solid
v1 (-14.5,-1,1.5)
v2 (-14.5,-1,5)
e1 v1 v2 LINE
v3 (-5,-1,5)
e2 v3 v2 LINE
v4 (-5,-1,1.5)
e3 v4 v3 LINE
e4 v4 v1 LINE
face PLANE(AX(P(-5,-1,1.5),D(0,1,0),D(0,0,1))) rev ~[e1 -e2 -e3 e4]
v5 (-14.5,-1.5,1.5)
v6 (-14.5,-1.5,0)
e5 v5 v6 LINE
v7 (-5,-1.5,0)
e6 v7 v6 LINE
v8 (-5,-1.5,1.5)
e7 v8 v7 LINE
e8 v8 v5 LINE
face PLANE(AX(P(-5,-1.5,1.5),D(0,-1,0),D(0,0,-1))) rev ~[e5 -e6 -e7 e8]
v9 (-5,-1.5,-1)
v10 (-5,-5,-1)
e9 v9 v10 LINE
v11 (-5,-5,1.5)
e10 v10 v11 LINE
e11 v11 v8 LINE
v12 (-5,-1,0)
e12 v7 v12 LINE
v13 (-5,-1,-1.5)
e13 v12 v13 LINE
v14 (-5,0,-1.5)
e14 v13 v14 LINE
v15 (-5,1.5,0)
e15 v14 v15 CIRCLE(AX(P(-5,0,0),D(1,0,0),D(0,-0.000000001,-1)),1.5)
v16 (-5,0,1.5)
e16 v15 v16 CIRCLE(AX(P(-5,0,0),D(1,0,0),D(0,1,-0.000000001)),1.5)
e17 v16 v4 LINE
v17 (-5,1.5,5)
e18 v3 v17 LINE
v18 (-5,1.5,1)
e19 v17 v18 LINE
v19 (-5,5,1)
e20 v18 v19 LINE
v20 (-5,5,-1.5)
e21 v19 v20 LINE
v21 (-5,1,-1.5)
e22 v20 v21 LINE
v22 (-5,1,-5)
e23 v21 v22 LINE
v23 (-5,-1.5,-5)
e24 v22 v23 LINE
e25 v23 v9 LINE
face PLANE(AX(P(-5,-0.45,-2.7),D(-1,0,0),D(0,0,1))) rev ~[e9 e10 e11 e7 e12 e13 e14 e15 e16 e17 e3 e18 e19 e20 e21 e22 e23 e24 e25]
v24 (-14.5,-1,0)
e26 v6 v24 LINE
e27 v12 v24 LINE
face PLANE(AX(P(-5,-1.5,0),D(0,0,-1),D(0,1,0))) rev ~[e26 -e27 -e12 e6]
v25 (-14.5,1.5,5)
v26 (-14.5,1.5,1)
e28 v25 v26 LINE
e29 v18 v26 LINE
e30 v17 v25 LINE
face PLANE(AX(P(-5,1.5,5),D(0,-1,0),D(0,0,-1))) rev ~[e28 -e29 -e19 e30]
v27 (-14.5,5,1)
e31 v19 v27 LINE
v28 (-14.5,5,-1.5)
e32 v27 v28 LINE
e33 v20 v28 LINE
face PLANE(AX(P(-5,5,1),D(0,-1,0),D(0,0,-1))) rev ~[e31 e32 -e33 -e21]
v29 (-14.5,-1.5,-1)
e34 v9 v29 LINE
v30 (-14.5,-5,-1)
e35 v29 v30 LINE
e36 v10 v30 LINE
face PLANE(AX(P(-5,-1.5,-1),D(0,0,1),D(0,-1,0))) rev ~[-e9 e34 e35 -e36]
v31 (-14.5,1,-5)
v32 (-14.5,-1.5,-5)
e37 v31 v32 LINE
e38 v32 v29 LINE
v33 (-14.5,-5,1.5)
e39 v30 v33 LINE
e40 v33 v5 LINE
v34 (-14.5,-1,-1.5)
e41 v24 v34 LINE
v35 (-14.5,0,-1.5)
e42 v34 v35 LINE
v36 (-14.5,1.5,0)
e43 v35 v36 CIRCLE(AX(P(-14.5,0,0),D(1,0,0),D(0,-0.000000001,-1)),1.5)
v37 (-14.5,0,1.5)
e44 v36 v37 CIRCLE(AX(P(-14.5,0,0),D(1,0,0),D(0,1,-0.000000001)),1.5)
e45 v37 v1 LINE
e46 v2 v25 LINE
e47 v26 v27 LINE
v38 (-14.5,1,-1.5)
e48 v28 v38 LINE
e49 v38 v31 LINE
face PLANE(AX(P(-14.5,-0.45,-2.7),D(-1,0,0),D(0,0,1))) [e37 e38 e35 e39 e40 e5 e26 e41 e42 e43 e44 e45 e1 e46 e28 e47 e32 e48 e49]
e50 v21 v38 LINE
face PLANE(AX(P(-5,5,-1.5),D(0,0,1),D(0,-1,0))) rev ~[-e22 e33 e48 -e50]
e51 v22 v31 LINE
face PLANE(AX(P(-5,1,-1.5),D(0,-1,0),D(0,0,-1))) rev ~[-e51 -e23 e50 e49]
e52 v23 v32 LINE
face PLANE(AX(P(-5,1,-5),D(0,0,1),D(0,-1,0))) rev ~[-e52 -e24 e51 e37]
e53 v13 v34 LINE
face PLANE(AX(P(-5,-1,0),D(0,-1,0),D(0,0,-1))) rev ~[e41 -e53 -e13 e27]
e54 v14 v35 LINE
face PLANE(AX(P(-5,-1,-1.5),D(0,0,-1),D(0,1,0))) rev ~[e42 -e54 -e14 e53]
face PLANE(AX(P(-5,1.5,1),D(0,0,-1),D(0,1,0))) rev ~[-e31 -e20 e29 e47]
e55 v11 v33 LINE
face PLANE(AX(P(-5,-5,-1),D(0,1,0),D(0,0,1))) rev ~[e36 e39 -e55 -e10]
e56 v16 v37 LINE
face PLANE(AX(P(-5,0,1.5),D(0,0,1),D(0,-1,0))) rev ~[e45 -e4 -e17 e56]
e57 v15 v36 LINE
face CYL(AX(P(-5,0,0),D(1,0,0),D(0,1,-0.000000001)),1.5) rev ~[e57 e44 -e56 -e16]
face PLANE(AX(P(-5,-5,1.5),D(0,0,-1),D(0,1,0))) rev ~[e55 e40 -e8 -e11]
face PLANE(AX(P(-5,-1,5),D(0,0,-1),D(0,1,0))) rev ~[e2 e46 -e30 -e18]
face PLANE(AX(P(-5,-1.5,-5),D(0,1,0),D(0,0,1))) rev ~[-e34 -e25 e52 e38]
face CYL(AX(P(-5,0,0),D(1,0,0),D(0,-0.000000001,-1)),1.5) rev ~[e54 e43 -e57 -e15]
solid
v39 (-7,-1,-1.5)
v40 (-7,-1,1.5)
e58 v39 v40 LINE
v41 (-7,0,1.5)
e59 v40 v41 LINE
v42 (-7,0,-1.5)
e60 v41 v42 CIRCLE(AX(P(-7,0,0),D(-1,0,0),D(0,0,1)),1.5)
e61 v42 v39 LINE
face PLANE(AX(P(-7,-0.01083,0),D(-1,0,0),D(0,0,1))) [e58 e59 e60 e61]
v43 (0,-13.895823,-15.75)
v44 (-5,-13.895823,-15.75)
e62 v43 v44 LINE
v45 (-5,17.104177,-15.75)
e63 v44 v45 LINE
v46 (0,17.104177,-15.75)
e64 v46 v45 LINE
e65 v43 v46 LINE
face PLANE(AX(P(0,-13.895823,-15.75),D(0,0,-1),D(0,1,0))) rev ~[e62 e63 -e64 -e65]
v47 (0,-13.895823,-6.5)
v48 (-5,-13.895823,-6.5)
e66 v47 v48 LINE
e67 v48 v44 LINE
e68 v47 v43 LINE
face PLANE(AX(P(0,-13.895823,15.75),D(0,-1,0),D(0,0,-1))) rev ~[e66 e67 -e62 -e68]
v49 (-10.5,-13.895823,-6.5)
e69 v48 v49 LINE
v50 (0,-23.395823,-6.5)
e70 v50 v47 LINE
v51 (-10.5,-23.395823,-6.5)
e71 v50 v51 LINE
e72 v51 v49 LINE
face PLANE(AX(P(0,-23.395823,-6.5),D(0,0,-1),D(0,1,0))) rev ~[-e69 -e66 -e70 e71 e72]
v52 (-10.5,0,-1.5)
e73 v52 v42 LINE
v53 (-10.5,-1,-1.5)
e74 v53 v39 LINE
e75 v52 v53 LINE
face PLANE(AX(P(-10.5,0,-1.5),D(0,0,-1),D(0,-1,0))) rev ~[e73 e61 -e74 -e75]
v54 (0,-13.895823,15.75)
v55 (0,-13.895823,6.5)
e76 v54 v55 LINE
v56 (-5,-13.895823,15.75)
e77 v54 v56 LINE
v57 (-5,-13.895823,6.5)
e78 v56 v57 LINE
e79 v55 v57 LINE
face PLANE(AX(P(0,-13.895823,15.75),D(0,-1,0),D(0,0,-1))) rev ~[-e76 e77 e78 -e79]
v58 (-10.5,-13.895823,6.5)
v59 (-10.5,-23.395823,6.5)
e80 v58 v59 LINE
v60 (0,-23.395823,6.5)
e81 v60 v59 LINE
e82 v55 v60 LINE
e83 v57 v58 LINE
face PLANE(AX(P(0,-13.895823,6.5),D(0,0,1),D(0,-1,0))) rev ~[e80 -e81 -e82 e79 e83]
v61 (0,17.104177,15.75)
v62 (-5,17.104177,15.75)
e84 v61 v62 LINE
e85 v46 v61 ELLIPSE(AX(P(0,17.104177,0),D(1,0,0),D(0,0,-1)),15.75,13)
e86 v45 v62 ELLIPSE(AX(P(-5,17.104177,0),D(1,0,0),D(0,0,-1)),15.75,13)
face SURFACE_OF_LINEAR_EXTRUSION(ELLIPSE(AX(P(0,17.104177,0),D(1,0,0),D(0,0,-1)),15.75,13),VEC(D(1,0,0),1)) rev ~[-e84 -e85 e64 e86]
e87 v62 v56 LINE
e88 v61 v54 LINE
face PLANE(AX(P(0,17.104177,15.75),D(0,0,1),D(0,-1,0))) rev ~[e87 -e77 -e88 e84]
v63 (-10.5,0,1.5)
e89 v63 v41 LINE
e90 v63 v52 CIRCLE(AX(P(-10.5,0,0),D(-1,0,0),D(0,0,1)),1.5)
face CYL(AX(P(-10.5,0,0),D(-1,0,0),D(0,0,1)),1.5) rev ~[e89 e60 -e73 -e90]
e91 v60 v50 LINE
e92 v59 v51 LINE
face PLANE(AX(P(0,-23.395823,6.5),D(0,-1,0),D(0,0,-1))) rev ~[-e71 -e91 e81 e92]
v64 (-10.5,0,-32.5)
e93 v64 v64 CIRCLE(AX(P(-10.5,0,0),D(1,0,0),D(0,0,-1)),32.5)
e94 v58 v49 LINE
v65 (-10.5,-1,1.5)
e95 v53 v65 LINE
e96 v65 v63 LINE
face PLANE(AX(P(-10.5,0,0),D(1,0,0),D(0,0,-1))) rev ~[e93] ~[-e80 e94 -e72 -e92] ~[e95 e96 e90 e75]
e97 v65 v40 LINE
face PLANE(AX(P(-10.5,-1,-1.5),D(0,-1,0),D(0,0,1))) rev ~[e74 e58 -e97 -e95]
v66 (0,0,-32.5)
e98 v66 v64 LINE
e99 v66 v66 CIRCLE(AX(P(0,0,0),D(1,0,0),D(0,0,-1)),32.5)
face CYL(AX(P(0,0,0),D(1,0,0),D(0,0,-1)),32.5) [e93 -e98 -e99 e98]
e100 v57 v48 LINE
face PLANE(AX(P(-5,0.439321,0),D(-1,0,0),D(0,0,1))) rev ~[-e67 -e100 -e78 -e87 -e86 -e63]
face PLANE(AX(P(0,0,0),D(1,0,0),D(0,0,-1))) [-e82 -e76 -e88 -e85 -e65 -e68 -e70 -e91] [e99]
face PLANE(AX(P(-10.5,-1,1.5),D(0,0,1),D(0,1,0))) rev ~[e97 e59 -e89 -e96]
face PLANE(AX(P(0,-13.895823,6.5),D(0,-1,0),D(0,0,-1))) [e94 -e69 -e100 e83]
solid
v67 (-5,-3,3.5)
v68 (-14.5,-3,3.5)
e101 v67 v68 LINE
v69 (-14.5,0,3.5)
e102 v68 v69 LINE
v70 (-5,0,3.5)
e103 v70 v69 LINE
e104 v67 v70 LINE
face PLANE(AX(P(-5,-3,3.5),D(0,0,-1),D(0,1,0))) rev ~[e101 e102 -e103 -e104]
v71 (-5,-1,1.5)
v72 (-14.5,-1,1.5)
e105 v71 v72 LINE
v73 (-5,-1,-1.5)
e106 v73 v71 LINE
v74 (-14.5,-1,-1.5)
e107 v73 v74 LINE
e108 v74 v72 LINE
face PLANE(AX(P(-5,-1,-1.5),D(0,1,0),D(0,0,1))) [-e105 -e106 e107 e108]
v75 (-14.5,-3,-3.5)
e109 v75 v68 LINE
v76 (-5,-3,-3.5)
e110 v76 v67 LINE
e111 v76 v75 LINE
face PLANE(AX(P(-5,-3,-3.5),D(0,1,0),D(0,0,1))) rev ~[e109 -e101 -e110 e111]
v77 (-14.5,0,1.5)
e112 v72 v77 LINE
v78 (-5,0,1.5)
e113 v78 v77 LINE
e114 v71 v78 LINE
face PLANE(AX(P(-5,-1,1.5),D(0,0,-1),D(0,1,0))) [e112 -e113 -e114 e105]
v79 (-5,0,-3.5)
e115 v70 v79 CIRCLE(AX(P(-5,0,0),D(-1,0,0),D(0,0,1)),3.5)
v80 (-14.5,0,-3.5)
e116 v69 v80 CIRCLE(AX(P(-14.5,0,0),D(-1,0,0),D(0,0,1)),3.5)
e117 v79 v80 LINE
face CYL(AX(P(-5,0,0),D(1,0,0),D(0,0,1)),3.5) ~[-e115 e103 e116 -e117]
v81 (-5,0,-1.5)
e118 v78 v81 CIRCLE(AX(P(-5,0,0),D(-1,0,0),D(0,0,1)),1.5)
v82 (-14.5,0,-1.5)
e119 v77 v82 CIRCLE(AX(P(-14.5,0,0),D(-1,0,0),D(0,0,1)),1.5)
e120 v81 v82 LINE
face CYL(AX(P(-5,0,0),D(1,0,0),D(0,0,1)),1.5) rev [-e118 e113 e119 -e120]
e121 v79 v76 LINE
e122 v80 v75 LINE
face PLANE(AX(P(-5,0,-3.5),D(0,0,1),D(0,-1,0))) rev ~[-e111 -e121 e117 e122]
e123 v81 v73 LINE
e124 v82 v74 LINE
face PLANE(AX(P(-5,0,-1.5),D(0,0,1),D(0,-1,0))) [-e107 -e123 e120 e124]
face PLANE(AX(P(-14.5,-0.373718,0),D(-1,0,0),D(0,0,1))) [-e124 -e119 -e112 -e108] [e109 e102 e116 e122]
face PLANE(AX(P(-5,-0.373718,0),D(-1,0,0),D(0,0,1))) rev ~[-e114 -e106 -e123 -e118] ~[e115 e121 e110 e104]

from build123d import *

# Parameters (mm, degrees)
SKETCH2_R                = 32.5
BOSS_EXTRUDE1_DEPTH      = 10.5
SKETCH3_W                = 13
SKETCH3_H                = 4.5
SKETCH3_H_2              = 5
CUT_EXTRUDE1_DEPTH       = 48.146049675
SKETCH3_3_RX             = 15.75
SKETCH3_3_RY             = 13
CUT_EXTRUDE6_DEPTH       = 5
EXTRUDE_THIN1_DEPTH      = 4
EXTRUDE_THIN1_DEPTH_BACK = 5.5
BOSS_EXTRUDE8_DEPTH      = 4
BOSS_EXTRUDE8_DEPTH_BACK = 5.5
CUT_EXTRUDE5_DEPTH       = 3.5


with BuildPart() as part:
    # Sketch2 → Boss-Extrude1 (new body)
    with BuildSketch(Plane(origin=(0, 0, 0), x_dir=(0, 0, -1), z_dir=(1, 0, 0))):
        Circle(SKETCH2_R)
    extrude(amount=-BOSS_EXTRUDE1_DEPTH)

    # Sketch3 → Cut-Extrude1 (cut, through all)
    with BuildSketch(Plane(origin=(0, 0, 0), x_dir=(0, 0, -1), z_dir=(1, 0, 0))):
        with Locations((0, -21.145823157)):
            Rectangle(SKETCH3_W, SKETCH3_H)
        with Locations((0, -16.395823157)):
            Rectangle(SKETCH3_W, SKETCH3_H_2)
    extrude(amount=-CUT_EXTRUDE1_DEPTH, mode=Mode.SUBTRACT)

    # Sketch3<3> → Cut-Extrude6 (cut)
    with BuildSketch(Plane(origin=(0, 0, 0), x_dir=(0, 0, -1), z_dir=(1, 0, 0))):
        with BuildLine():
            add(Edge.make_bspline(
                [(-15.75, 17.104176843), (-15.75, 4.104176843), (0, 4.104176843), (15.75, 4.104176843), (15.75, 17.104176843)],
                knots=[3.141592654, 3.141592654, 3.141592654, 4.71238898, 4.71238898, 6.283185307, 6.283185307, 6.283185307], degree=2, weights=[1, 0.707106781, 1, 0.707106781, 1]))
            Line((-15.75, 17.104176843), (-15.75, -13.895823157))
            Line((-15.75, -13.895823157), (-6.5, -13.895823157))
            Line((-6.5, -13.895823157), (6.5, -13.895823157))
            Line((6.5, -13.895823157), (15.75, -13.895823157))
            Line((15.75, -13.895823157), (15.75, 17.104176843))
        make_face()
        with Locations((0, 17.104176843)):
            Ellipse(SKETCH3_3_RX, SKETCH3_3_RY)
    extrude(amount=-CUT_EXTRUDE6_DEPTH, mode=Mode.SUBTRACT)

    # Sketch10 → Cut-Extrude5 (cut)
    with BuildSketch(Plane.ZY.offset(10.5)):
        with BuildLine():
            Line((1.5, -1), (1.5, 0))
            ThreePointArc((1.5, 0), (0, 1.5), (-1.5, 0))
            Line((-1.5, 0), (-1.5, -1))
            Line((-1.5, -1), (1.5, -1))
        make_face()
    extrude(amount=-CUT_EXTRUDE5_DEPTH, mode=Mode.SUBTRACT)


with BuildPart() as body_2:
    # Sketch5 → Extrude-Thin1 (new, two sides: drawn at the far end of the back side and taken through both)
    with BuildSketch(Plane.ZY.offset(10.5).offset(-EXTRUDE_THIN1_DEPTH_BACK)):
        with BuildLine():
            Line((-3.5, 0), (-3.5, -3))
            Line((-3.5, -3), (3.5, -3))
            Line((3.5, -3), (3.5, 0))
            ThreePointArc((3.5, 0), (0, 3.5), (-3.5, 0))
        make_face()
        with BuildLine():
            Line((-1.5, 0), (-1.5, -1))
            Line((-1.5, -1), (1.5, -1))
            Line((1.5, -1), (1.5, 0))
            ThreePointArc((1.5, 0), (0, 1.5), (-1.5, 0))
        make_face(mode=Mode.SUBTRACT)
    extrude(amount=EXTRUDE_THIN1_DEPTH + EXTRUDE_THIN1_DEPTH_BACK)


with BuildPart() as body_3:
    # Sketch5<4> → Boss-Extrude8 (new, two sides: drawn at the far end of the back side and taken through both)
    with BuildSketch(Plane.ZY.offset(10.5).offset(-BOSS_EXTRUDE8_DEPTH_BACK)):
        Polygon((-1.5, -1), (-1.5, 0), (-1.5, 1), (-5, 1), (-5, -1.5), (-1, -1.5), (0, -1.5), (0, -1), align=None)
        with BuildLine():
            Line((-1.5, 1), (-1.5, 0))
            ThreePointArc((-1.5, 0), (-1.060660172, 1.060660172), (0, 1.5))
            Line((0, 1.5), (1, 1.5))
            Line((1, 1.5), (1, 5))
            Line((1, 5), (-1.5, 5))
            Line((-1.5, 5), (-1.5, 1))
        make_face()
        with BuildLine():
            Line((1, 1.5), (0, 1.5))
            ThreePointArc((0, 1.5), (1.060660172, 1.060660172), (1.5, 0))
            Line((1.5, 0), (1.5, -1))
            Line((1.5, -1), (5, -1))
            Line((5, -1), (5, 1.5))
            Line((5, 1.5), (1, 1.5))
        make_face()
        Polygon((1.5, -1.5), (0, -1.5), (-1, -1.5), (-1, -5), (1.5, -5), align=None)
    extrude(amount=BOSS_EXTRUDE8_DEPTH + BOSS_EXTRUDE8_DEPTH_BACK)


solid = Compound([part.part, body_2.part, body_3.part])
